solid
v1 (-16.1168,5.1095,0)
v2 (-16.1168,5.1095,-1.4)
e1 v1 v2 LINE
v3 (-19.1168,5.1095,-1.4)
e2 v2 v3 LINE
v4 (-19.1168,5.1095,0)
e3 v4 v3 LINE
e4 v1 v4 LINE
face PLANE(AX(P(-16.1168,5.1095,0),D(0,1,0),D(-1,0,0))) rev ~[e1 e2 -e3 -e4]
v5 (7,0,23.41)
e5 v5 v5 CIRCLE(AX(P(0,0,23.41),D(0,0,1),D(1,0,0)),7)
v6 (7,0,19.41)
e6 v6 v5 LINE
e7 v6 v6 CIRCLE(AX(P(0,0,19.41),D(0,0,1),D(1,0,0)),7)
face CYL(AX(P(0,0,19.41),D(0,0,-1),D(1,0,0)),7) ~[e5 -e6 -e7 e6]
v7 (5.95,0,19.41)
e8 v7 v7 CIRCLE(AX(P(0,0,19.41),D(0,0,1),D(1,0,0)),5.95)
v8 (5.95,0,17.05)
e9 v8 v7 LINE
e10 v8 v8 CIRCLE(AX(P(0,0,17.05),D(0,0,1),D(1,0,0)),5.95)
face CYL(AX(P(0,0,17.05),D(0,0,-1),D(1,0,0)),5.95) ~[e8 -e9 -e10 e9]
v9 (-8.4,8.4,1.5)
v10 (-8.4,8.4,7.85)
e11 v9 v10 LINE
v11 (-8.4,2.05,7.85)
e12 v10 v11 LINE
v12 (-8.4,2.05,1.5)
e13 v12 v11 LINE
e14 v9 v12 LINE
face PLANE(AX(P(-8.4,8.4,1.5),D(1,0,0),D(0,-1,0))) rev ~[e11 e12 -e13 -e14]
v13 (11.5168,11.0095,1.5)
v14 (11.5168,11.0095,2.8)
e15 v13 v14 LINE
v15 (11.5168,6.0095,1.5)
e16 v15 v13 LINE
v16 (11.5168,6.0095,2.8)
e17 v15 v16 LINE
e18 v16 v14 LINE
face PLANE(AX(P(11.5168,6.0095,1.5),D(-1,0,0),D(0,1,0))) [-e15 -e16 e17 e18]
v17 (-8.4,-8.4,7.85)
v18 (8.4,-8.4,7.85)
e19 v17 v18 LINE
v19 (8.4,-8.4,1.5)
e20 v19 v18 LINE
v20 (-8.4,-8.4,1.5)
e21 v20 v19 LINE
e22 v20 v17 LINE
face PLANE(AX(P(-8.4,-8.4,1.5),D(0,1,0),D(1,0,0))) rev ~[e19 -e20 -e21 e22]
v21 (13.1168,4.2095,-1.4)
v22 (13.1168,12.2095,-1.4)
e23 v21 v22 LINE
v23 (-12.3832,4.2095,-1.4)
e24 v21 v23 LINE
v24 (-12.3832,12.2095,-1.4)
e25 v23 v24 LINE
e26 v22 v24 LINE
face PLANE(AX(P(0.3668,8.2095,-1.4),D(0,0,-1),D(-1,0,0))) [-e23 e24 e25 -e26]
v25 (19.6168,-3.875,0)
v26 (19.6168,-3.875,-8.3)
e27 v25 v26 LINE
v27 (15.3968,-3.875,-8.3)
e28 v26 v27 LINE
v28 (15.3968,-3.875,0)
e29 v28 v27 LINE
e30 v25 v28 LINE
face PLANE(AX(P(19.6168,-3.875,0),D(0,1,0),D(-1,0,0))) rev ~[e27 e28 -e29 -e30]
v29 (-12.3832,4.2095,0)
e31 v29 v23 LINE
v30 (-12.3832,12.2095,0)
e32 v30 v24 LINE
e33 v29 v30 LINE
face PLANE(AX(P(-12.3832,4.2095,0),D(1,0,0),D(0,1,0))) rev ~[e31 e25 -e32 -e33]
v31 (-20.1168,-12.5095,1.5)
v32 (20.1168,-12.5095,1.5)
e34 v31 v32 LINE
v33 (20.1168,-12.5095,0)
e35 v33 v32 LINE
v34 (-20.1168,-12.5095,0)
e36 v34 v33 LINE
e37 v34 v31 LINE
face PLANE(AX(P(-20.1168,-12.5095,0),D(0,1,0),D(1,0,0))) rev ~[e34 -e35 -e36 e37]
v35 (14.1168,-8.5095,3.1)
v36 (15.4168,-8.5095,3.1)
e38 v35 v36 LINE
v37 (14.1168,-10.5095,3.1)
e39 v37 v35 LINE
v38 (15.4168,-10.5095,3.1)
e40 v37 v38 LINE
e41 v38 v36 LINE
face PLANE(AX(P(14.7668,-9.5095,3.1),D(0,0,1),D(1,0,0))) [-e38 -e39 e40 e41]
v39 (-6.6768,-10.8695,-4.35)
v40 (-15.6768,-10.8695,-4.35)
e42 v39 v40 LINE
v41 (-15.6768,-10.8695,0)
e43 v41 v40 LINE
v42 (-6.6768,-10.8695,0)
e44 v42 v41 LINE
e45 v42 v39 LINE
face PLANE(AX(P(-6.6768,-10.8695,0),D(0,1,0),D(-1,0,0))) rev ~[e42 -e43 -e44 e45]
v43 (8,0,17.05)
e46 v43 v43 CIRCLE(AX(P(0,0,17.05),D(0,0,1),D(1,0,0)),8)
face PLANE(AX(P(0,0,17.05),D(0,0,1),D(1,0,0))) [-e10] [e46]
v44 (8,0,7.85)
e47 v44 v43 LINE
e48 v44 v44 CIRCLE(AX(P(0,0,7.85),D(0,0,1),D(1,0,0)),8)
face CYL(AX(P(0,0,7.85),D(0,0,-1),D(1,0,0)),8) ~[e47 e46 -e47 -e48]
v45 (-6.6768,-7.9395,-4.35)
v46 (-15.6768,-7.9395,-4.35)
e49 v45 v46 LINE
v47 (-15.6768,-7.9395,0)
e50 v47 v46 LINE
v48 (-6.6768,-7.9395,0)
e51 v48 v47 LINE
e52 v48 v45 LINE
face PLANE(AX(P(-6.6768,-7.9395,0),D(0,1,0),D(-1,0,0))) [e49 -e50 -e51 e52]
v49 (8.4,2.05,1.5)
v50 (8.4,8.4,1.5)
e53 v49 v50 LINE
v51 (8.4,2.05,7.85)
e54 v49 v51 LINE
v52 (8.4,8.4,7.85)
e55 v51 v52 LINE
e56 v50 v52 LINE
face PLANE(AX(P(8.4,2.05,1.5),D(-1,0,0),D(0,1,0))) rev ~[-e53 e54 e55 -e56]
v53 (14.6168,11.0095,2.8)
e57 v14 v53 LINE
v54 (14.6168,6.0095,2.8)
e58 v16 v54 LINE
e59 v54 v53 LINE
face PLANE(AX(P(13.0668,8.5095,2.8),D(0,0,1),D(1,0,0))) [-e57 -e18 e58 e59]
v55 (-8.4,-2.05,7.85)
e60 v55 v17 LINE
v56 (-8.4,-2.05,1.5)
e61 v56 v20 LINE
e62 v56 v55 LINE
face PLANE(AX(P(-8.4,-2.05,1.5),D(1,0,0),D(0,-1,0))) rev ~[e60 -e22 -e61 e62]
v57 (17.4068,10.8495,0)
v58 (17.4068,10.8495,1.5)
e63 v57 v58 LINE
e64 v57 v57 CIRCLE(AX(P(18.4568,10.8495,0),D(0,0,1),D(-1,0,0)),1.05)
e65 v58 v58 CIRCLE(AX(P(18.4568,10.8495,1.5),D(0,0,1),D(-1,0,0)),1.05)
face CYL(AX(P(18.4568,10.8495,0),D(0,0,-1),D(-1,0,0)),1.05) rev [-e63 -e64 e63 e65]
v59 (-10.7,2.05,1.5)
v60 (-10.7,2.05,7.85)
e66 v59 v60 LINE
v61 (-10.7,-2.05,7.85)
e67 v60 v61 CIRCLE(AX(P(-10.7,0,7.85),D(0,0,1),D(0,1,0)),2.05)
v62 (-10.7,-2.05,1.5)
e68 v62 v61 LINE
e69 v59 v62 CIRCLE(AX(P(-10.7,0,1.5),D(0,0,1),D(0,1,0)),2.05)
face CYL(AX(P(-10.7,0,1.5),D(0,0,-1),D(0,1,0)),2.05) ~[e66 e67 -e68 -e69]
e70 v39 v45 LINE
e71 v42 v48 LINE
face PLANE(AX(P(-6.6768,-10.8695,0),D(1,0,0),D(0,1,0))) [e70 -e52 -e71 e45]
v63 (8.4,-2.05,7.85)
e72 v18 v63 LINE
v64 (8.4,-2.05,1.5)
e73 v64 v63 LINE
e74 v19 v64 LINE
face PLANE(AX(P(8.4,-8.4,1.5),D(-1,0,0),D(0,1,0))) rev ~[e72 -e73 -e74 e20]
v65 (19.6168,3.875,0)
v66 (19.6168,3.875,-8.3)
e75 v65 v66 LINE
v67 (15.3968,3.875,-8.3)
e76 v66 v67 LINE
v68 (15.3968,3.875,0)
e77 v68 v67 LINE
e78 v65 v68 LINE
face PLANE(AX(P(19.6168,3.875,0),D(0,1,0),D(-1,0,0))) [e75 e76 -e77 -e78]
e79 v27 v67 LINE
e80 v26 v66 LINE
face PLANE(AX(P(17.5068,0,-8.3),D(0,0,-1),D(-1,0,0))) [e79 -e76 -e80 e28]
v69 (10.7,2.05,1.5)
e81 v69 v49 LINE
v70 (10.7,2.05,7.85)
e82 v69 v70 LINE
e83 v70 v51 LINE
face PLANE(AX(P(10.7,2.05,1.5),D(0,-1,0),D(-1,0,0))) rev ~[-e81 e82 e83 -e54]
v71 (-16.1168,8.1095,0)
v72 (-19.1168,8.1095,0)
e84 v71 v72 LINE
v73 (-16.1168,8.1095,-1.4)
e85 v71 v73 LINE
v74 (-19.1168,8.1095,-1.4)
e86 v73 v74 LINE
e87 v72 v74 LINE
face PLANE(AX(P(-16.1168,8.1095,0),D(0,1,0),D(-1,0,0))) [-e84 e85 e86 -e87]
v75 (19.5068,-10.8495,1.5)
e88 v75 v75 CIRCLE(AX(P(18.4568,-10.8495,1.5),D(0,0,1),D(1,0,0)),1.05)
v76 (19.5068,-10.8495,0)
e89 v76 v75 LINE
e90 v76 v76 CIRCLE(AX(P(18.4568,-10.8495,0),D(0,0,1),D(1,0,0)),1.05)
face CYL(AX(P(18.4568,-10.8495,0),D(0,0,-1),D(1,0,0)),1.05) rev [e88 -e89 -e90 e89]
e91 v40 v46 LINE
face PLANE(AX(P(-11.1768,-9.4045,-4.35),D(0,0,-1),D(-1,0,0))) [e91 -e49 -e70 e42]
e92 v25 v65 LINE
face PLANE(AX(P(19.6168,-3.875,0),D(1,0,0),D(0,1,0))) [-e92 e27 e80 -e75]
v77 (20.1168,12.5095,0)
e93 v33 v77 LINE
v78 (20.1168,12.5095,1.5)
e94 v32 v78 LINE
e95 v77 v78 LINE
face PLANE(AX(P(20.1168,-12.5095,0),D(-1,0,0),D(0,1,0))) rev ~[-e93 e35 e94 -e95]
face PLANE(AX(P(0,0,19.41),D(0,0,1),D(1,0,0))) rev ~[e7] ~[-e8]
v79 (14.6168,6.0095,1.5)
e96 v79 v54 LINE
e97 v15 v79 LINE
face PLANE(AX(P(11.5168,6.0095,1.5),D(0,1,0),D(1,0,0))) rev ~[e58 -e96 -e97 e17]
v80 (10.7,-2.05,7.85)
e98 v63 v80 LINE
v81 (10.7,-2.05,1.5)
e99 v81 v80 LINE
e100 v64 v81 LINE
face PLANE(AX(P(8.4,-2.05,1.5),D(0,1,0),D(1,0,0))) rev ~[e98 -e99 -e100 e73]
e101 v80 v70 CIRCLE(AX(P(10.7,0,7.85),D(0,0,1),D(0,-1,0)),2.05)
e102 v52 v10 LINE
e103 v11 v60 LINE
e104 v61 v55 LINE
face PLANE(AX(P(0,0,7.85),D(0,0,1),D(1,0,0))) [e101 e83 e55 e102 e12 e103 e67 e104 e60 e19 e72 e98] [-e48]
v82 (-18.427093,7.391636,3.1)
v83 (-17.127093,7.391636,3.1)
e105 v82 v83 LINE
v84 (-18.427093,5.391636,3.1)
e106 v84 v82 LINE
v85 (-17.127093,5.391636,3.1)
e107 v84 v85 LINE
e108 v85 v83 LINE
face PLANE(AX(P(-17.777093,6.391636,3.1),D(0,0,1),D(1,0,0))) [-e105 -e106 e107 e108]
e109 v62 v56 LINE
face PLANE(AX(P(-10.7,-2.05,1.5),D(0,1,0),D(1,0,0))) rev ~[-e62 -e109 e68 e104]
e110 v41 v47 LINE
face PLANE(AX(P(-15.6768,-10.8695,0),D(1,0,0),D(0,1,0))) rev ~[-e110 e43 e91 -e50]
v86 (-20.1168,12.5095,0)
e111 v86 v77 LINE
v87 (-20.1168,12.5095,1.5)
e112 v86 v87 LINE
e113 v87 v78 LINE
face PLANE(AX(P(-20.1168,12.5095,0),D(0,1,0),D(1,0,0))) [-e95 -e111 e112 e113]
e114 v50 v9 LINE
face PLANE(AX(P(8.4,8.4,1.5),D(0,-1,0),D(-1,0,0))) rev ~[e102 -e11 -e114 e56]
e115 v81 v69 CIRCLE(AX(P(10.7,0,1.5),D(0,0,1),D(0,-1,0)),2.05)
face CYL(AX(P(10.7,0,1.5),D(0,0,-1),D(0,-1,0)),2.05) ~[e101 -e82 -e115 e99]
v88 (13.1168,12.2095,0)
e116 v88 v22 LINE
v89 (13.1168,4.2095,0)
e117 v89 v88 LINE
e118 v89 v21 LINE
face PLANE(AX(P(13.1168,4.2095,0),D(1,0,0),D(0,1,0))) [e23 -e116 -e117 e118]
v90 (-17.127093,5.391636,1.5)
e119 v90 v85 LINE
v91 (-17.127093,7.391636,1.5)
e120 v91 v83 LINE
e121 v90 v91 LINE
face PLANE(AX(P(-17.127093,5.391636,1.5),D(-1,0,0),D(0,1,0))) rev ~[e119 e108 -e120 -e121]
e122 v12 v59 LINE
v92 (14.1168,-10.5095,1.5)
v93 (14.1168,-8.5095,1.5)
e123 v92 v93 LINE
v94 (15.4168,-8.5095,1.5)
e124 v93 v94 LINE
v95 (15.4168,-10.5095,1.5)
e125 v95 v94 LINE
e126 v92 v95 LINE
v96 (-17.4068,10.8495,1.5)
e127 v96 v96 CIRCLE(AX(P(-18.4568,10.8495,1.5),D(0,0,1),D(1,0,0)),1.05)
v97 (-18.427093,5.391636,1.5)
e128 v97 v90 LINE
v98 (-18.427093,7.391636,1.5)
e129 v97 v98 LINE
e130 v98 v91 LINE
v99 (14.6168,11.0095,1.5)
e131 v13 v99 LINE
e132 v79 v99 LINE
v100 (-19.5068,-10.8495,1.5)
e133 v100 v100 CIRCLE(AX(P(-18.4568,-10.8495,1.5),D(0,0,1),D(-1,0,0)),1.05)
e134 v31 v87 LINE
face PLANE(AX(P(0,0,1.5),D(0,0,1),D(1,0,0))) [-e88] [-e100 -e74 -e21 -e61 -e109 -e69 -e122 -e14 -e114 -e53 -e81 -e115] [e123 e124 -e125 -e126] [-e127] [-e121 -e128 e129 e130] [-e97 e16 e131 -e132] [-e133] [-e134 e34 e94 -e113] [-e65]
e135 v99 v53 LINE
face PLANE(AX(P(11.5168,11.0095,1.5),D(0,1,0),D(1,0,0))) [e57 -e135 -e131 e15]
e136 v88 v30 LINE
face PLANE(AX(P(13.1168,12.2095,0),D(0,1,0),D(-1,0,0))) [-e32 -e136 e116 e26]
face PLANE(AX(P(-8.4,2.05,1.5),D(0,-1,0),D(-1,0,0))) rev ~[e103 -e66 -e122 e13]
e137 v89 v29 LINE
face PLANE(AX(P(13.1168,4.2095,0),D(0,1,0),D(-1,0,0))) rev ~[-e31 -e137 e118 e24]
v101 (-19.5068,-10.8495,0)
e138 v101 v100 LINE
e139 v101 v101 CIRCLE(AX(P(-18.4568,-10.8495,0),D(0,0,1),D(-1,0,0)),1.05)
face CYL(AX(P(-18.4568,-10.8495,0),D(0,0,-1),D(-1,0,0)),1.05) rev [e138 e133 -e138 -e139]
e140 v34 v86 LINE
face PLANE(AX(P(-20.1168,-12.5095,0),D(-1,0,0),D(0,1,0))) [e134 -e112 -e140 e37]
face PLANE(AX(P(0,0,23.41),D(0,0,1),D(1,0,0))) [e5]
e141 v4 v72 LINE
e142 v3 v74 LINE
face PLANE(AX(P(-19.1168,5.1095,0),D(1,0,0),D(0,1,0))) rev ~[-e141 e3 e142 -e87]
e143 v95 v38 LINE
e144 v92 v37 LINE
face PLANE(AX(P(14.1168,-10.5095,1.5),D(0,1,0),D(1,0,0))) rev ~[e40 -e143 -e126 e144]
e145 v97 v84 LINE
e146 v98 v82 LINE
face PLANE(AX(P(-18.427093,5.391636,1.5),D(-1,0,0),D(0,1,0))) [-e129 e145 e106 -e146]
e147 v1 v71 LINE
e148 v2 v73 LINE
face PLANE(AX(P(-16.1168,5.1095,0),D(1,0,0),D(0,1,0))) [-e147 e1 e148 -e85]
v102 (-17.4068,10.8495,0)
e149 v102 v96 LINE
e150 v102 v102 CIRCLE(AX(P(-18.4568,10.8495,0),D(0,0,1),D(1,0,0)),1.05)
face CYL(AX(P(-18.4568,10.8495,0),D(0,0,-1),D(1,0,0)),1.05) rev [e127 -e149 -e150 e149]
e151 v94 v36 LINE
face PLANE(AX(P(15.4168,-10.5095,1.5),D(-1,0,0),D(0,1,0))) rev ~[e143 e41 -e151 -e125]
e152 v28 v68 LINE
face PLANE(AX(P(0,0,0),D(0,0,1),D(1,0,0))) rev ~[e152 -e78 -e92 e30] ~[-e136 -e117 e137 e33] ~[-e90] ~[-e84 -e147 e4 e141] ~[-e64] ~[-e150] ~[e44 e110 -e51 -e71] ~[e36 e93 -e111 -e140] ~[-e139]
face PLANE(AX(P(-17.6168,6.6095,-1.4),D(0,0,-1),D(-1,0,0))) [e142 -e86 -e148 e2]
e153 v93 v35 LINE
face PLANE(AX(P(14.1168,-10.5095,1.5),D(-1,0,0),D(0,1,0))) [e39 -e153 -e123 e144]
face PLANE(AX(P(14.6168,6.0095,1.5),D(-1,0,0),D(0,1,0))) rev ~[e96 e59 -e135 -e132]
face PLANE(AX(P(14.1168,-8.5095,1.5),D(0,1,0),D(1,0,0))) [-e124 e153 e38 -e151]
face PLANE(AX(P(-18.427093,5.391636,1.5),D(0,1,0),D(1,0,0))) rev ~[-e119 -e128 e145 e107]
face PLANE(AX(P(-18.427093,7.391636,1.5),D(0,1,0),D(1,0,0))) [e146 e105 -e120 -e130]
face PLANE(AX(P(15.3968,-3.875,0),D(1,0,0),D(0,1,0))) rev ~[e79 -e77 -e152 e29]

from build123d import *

# Parameters (mm, degrees)
SKETCH2_W            = 40.2336
SKETCH2_H            = 25.019
SKETCH2_R            = 1.05
BOSS_EXTRUDE1_DEPTH  = 1.5
BOSS_EXTRUDE2_DEPTH  = 6.35
SKETCH4_R            = 8
BOSS_EXTRUDE3_DEPTH  = 9.2
SKETCH5_R            = 5.95
BOSS_EXTRUDE4_DEPTH  = 2.36
SKETCH6_R            = 7
BOSS_EXTRUDE5_DEPTH  = 4
SKETCH7_W            = 4.22
SKETCH7_H            = 7.75
BOSS_EXTRUDE6_DEPTH  = 8.3
SKETCH8_W            = 9
SKETCH8_H            = 2.93
BOSS_EXTRUDE7_DEPTH  = 4.35
SKETCH9_W            = 3.1
SKETCH9_H            = 5
BOSS_EXTRUDE8_DEPTH  = 1.3
SKETCH10_W           = 25.5
SKETCH10_H           = 8
BOSS_EXTRUDE9_DEPTH  = 1.4
SKETCH11_W           = 1.3
SKETCH11_H           = 2
BOSS_EXTRUDE10_DEPTH = 1.6
SKETCH12_W           = 3
SKETCH12_H           = 3
BOSS_EXTRUDE11_DEPTH = 1.4


with BuildPart() as part:
    # Sketch2 → Boss-Extrude1 (new body)
    with BuildSketch(Plane.XY):
        Rectangle(SKETCH2_W, SKETCH2_H)
        with Locations((-18.4568, 10.8495)):
            Circle(SKETCH2_R, mode=Mode.SUBTRACT)
        with Locations(Location((-18.4568, -10.8495, 0), (0, 0, 180))):
            Circle(SKETCH2_R, mode=Mode.SUBTRACT)
        with Locations((18.4568, -10.8495)):
            Circle(SKETCH2_R, mode=Mode.SUBTRACT)
        with Locations(Location((18.4568, 10.8495, 0), (0, 0, 180))):
            Circle(SKETCH2_R, mode=Mode.SUBTRACT)
    extrude(amount=BOSS_EXTRUDE1_DEPTH)

    # Sketch3 → Boss-Extrude2 (add)
    with BuildSketch(Plane.XY.offset(1.5)):
        with BuildLine():
            Line((-8.4, -2.05), (-8.4, -8.4))
            Line((-8.4, -8.4), (8.4, -8.4))
            Line((8.4, -8.4), (8.4, -2.05))
            Line((8.4, -2.05), (10.7, -2.05))
            ThreePointArc((10.7, -2.05), (12.75, 0), (10.7, 2.05))
            Line((10.7, 2.05), (8.4, 2.05))
            Line((8.4, 2.05), (8.4, 8.4))
            Line((8.4, 8.4), (-8.4, 8.4))
            Line((-8.4, 8.4), (-8.4, 2.05))
            Line((-8.4, 2.05), (-10.7, 2.05))
            ThreePointArc((-10.7, 2.05), (-12.75, 0), (-10.7, -2.05))
            Line((-10.7, -2.05), (-8.4, -2.05))
        make_face()
    extrude(amount=BOSS_EXTRUDE2_DEPTH)

    # Sketch4 → Boss-Extrude3 (add)
    with BuildSketch(Plane.XY.offset(7.85)):
        Circle(SKETCH4_R)
    extrude(amount=BOSS_EXTRUDE3_DEPTH)

    # Sketch5 → Boss-Extrude4 (add)
    with BuildSketch(Plane.XY.offset(17.05)):
        Circle(SKETCH5_R)
    extrude(amount=BOSS_EXTRUDE4_DEPTH)

    # Sketch6 → Boss-Extrude5 (add)
    with BuildSketch(Plane.XY.offset(19.41)):
        Circle(SKETCH6_R)
    extrude(amount=BOSS_EXTRUDE5_DEPTH)

    # Sketch7 → Boss-Extrude6 (add)
    with BuildSketch(Plane(origin=(0, 0, 0), x_dir=(-1, 0, 0), z_dir=(0, 0, -1))):
        with Locations((-17.5068, 0)):
            Rectangle(SKETCH7_W, SKETCH7_H)
    extrude(amount=BOSS_EXTRUDE6_DEPTH)

    # Sketch8 → Boss-Extrude7 (add)
    with BuildSketch(Plane(origin=(0, 0, 0), x_dir=(-1, 0, 0), z_dir=(0, 0, -1))):
        with Locations((11.1768, -9.4045)):
            Rectangle(SKETCH8_W, SKETCH8_H)
    extrude(amount=BOSS_EXTRUDE7_DEPTH)

    # Sketch9 → Boss-Extrude8 (add)
    with BuildSketch(Plane.XY.offset(1.5)):
        with Locations((13.0668, 8.5095)):
            Rectangle(SKETCH9_W, SKETCH9_H)
    extrude(amount=BOSS_EXTRUDE8_DEPTH)

    # Sketch10 → Boss-Extrude9 (add)
    with BuildSketch(Plane(origin=(0, 0, 0), x_dir=(-1, 0, 0), z_dir=(0, 0, -1))):
        with Locations((-0.3668, 8.2095)):
            Rectangle(SKETCH10_W, SKETCH10_H)
    extrude(amount=BOSS_EXTRUDE9_DEPTH)

    # Sketch11 → Boss-Extrude10 (add)
    with BuildSketch(Plane.XY.offset(1.5)):
        with Locations((14.7668, -9.5095)):
            Rectangle(SKETCH11_W, SKETCH11_H)
        with Locations((-17.777092667, 6.391636208)):
            Rectangle(SKETCH11_W, SKETCH11_H)
    extrude(amount=BOSS_EXTRUDE10_DEPTH)

    # Sketch12 → Boss-Extrude11 (add)
    with BuildSketch(Plane(origin=(0, 0, 0), x_dir=(-1, 0, 0), z_dir=(0, 0, -1))):
        with Locations((17.6168, 6.6095)):
            Rectangle(SKETCH12_W, SKETCH12_H)
    extrude(amount=BOSS_EXTRUDE11_DEPTH)


solid = part.part
